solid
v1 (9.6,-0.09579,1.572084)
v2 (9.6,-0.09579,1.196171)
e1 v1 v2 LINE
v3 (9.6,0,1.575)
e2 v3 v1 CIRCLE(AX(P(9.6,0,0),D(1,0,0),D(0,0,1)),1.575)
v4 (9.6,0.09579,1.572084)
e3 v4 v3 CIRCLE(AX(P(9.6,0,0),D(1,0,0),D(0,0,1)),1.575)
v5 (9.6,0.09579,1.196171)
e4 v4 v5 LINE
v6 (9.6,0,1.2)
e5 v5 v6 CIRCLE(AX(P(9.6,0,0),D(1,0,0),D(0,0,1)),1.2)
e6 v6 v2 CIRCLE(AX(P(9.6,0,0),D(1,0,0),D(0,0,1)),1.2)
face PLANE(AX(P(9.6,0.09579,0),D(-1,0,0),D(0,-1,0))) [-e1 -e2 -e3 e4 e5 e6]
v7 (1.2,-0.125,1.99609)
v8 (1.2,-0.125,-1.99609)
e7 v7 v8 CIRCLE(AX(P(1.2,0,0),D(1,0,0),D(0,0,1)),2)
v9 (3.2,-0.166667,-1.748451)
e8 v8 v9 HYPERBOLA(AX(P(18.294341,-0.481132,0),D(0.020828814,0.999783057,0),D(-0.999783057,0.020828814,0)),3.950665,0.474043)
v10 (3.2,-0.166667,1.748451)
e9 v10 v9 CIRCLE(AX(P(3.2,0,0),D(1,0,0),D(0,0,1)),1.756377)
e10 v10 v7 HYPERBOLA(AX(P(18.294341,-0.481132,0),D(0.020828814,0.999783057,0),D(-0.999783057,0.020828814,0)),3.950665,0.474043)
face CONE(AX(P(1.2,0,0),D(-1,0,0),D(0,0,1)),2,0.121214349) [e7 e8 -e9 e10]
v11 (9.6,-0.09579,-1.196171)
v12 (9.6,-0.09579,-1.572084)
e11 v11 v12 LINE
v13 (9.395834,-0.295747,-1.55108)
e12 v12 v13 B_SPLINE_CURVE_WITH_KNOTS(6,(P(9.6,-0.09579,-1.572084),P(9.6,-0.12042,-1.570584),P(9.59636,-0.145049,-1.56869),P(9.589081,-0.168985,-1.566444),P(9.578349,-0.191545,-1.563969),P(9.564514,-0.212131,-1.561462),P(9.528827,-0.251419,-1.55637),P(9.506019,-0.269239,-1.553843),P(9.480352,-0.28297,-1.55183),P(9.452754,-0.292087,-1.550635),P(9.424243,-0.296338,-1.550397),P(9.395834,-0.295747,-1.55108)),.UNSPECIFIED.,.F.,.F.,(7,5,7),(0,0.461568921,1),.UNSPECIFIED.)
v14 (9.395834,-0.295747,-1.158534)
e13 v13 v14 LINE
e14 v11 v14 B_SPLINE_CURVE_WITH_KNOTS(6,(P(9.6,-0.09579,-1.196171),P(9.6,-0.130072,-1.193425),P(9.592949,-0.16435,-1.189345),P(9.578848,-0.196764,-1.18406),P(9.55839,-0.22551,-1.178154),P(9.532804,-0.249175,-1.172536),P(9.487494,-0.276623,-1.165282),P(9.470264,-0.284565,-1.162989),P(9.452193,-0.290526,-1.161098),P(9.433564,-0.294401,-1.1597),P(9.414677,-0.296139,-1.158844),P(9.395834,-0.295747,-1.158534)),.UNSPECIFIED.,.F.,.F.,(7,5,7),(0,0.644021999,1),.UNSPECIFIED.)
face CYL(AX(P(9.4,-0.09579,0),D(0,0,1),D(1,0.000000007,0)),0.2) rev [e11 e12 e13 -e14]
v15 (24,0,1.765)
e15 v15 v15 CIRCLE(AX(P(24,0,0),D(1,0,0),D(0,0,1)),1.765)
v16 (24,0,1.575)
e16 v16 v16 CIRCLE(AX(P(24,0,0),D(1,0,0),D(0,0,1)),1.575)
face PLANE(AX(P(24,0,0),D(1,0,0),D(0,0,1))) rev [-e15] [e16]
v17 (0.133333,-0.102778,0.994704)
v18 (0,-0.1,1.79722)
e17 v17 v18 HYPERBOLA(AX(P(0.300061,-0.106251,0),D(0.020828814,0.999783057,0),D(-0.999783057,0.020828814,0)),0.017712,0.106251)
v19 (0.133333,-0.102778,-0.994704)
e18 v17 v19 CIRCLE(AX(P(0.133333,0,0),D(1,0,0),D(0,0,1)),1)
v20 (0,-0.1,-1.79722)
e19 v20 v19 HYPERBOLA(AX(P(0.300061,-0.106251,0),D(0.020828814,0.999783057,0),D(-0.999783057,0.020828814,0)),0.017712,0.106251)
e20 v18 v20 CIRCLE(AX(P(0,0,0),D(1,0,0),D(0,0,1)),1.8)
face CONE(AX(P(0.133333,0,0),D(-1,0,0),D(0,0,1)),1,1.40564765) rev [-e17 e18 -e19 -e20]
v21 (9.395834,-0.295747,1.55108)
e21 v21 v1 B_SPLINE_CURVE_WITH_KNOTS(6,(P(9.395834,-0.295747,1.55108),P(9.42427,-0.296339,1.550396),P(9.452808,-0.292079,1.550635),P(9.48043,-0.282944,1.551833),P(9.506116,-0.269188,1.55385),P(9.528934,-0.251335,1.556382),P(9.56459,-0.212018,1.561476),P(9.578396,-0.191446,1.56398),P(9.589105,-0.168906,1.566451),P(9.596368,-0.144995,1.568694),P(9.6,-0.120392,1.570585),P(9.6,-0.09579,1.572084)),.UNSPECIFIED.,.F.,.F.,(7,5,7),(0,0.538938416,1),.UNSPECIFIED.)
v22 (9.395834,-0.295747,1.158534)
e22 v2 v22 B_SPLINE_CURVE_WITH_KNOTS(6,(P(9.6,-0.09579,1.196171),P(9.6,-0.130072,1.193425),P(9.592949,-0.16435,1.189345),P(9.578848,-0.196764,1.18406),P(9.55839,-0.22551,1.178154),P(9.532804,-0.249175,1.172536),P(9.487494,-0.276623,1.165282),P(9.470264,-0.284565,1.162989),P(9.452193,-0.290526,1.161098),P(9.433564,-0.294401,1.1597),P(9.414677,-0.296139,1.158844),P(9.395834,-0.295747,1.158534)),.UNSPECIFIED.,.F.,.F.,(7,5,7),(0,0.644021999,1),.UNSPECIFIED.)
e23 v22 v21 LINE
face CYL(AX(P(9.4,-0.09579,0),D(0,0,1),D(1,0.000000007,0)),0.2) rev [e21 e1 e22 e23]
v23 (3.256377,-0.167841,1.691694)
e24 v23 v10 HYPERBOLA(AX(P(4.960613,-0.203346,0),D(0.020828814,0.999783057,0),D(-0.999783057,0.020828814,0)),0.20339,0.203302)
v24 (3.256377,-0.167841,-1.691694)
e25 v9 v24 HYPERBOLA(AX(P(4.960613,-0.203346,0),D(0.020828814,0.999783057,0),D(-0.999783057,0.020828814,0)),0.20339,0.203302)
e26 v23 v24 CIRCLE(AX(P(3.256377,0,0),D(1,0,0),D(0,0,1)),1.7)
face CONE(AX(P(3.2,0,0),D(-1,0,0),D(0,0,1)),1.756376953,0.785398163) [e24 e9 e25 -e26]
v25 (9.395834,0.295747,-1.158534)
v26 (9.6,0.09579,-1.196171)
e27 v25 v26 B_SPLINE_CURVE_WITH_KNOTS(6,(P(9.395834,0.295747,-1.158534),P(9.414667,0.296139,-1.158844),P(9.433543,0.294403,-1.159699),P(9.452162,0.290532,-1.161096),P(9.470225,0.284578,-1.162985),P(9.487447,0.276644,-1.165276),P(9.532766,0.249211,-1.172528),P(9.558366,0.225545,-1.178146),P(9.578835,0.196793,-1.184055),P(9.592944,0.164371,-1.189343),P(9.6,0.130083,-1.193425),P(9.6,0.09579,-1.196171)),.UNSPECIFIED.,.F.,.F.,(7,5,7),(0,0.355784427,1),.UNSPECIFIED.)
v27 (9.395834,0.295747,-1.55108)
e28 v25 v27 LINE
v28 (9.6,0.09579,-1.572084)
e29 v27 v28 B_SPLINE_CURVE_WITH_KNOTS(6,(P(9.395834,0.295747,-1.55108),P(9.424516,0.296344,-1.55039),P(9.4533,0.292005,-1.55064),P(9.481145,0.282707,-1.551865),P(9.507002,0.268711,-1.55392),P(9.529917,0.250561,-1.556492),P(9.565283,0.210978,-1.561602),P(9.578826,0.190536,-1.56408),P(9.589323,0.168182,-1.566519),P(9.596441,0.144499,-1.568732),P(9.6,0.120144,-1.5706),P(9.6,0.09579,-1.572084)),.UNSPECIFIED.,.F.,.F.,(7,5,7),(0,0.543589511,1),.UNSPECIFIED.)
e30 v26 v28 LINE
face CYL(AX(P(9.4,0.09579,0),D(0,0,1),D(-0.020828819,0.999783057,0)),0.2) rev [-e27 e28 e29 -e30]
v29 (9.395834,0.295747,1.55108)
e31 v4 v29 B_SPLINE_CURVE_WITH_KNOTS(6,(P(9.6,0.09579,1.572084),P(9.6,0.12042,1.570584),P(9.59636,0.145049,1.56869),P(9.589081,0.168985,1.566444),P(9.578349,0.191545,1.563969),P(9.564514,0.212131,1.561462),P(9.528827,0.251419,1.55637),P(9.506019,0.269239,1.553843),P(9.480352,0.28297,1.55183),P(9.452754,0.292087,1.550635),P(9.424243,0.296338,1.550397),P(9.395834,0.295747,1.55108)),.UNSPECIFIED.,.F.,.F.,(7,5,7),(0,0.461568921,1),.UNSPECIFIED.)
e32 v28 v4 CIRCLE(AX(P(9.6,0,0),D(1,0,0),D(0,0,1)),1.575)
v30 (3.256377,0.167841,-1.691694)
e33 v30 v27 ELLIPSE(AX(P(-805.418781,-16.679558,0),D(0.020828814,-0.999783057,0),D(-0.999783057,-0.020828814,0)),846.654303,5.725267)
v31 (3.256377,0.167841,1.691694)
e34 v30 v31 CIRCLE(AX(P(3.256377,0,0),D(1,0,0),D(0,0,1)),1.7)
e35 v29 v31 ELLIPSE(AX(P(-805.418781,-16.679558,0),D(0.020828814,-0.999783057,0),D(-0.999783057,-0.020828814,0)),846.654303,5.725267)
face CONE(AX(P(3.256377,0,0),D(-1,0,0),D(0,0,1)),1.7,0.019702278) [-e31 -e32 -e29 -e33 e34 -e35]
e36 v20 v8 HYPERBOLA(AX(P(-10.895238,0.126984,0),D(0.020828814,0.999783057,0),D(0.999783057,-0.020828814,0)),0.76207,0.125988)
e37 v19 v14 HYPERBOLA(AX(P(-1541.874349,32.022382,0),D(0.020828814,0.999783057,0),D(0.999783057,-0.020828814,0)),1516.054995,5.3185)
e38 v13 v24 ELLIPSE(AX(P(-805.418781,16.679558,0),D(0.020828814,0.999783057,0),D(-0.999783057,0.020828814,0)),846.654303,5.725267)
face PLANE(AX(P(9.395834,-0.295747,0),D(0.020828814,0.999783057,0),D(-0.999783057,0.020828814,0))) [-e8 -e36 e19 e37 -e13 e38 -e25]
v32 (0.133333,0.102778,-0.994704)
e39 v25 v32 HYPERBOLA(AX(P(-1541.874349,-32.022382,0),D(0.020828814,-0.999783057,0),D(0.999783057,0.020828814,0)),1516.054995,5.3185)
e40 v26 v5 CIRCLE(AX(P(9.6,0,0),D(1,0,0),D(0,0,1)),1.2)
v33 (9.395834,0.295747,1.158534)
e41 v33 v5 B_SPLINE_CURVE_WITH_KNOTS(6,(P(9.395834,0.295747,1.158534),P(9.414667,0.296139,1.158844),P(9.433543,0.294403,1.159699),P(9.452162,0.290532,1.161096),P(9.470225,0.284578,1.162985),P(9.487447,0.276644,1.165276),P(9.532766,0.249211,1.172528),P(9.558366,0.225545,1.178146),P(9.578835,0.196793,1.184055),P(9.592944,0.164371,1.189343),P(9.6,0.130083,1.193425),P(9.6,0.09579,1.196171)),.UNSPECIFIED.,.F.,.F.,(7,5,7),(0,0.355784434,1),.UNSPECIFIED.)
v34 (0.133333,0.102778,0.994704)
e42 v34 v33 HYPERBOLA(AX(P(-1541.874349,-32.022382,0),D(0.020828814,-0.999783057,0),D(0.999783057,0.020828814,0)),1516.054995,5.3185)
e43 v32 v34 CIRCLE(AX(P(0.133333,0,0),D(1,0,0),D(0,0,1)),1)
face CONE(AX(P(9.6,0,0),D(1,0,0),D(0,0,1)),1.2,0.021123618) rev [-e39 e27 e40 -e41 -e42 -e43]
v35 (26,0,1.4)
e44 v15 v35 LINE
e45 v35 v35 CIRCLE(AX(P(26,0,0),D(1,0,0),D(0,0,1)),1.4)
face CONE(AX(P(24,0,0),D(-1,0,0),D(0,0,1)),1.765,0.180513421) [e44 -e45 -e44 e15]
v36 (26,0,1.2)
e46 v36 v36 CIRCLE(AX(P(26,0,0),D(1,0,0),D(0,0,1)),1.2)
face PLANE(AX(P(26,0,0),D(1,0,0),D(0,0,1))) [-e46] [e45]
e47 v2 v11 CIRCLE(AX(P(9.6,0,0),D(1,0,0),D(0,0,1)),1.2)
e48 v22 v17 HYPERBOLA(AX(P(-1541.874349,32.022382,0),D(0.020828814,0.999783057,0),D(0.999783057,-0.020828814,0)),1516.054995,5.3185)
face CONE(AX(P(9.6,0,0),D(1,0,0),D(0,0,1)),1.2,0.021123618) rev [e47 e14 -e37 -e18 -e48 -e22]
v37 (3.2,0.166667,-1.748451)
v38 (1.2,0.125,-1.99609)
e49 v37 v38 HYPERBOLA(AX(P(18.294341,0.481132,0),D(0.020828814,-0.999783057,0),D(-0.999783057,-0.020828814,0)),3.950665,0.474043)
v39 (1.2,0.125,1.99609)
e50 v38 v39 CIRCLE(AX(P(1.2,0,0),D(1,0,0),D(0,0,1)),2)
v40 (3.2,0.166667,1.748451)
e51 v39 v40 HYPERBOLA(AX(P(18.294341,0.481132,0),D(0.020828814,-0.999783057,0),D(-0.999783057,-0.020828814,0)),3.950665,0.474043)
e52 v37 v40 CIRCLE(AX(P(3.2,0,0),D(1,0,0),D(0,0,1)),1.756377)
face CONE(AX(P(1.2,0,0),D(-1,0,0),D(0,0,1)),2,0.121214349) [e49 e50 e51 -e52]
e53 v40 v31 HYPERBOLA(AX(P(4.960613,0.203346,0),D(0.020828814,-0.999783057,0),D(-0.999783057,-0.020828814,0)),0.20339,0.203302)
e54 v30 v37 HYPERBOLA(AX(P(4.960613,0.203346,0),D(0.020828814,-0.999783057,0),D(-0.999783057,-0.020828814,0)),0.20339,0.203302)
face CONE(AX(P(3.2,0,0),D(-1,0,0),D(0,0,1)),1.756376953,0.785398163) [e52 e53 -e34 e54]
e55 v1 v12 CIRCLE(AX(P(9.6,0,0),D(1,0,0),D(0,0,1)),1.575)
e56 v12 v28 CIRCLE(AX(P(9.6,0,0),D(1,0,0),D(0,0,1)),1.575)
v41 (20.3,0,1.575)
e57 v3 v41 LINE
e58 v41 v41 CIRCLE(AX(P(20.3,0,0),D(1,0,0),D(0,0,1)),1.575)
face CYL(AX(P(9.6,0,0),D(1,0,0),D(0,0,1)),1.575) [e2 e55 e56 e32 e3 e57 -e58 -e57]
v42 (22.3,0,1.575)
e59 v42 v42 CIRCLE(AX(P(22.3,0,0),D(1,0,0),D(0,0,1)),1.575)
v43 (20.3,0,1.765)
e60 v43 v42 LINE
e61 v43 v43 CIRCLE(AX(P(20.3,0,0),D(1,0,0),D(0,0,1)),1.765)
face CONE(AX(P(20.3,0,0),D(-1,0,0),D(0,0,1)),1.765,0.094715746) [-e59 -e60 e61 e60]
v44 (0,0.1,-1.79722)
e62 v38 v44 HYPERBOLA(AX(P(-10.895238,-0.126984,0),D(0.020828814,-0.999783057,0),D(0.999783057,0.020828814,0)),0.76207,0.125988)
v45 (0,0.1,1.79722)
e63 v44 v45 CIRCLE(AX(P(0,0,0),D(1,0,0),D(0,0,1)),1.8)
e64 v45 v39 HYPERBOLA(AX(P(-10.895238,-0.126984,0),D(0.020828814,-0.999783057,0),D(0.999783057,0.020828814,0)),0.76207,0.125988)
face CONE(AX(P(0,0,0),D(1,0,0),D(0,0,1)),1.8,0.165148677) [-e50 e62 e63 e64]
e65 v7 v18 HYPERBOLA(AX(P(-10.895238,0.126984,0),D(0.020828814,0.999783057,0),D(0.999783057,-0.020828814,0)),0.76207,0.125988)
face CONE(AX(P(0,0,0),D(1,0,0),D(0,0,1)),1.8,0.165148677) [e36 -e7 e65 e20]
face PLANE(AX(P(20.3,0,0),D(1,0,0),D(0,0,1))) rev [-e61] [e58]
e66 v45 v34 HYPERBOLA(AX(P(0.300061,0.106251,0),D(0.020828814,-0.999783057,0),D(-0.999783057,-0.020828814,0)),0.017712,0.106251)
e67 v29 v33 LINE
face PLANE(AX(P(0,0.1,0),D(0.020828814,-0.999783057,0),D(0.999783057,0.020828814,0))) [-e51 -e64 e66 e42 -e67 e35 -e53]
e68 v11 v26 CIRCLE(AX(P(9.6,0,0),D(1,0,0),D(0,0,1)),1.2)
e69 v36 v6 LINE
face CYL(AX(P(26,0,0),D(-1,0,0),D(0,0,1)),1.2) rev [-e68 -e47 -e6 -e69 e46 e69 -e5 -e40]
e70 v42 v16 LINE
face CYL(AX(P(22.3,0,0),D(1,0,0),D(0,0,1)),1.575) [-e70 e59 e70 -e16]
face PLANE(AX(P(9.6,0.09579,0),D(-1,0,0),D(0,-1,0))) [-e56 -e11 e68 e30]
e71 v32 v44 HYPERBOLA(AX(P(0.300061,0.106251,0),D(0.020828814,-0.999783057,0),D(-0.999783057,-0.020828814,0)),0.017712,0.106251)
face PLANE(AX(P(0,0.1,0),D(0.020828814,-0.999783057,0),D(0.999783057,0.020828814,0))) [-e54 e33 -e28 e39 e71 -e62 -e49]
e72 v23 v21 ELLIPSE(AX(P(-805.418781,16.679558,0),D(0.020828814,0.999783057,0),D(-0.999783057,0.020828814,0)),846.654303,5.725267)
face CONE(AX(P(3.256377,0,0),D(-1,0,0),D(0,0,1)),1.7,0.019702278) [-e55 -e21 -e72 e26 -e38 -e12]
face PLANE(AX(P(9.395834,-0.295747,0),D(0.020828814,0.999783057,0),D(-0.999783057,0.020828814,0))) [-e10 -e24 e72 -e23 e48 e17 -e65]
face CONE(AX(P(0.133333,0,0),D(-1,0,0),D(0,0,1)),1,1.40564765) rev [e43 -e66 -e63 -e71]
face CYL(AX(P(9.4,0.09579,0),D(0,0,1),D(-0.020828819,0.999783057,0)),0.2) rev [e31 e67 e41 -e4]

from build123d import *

# Parameters (mm, degrees)
CORTE_EXTRUS_O1_DEPTH = 5


with BuildPart() as part:
    # Esboço1 → Revolução1 (revolve)
    with BuildSketch(Plane.XY, mode=Mode.PRIVATE) as revolu_o1_sk:
        Polygon((0.133333333, 1), (0, 1.8), (1.2, 2), (3.2, 1.756376953), (3.256376953, 1.7), (9.6, 1.575), (20.3, 1.575), (20.3, 1.765), (22.3, 1.575), (24, 1.575), (24, 1.765), (26, 1.4), (26, 1.2), (9.6, 1.2), align=None)
    revolve(revolu_o1_sk.sketch.rotate(Axis((0, 0, 0), (1, 0, 0)), 90), axis=Axis((0, 0, 0), (1, 0, 0)))

    # Esboço2 → Corte-extrusão1 (cut, symmetric)
    with BuildSketch(Plane.XY):
        with BuildLine():
            Line((0, 0.1), (9.395834237, 0.295746547))
            ThreePointArc((9.395834237, 0.295746547), (9.539940787, 0.238676521), (9.6, 0.095789935))
            Line((9.6, 0.095789935), (9.6, -0.095789935))
            ThreePointArc((9.6, -0.095789935), (9.539940787, -0.238676521), (9.395834237, -0.295746547))
            Line((9.395834237, -0.295746547), (0, -0.1))
            Line((0, -0.1), (0, 0.1))
        make_face()
    extrude(amount=CORTE_EXTRUS_O1_DEPTH, both=True, mode=Mode.SUBTRACT)


solid = part.part
